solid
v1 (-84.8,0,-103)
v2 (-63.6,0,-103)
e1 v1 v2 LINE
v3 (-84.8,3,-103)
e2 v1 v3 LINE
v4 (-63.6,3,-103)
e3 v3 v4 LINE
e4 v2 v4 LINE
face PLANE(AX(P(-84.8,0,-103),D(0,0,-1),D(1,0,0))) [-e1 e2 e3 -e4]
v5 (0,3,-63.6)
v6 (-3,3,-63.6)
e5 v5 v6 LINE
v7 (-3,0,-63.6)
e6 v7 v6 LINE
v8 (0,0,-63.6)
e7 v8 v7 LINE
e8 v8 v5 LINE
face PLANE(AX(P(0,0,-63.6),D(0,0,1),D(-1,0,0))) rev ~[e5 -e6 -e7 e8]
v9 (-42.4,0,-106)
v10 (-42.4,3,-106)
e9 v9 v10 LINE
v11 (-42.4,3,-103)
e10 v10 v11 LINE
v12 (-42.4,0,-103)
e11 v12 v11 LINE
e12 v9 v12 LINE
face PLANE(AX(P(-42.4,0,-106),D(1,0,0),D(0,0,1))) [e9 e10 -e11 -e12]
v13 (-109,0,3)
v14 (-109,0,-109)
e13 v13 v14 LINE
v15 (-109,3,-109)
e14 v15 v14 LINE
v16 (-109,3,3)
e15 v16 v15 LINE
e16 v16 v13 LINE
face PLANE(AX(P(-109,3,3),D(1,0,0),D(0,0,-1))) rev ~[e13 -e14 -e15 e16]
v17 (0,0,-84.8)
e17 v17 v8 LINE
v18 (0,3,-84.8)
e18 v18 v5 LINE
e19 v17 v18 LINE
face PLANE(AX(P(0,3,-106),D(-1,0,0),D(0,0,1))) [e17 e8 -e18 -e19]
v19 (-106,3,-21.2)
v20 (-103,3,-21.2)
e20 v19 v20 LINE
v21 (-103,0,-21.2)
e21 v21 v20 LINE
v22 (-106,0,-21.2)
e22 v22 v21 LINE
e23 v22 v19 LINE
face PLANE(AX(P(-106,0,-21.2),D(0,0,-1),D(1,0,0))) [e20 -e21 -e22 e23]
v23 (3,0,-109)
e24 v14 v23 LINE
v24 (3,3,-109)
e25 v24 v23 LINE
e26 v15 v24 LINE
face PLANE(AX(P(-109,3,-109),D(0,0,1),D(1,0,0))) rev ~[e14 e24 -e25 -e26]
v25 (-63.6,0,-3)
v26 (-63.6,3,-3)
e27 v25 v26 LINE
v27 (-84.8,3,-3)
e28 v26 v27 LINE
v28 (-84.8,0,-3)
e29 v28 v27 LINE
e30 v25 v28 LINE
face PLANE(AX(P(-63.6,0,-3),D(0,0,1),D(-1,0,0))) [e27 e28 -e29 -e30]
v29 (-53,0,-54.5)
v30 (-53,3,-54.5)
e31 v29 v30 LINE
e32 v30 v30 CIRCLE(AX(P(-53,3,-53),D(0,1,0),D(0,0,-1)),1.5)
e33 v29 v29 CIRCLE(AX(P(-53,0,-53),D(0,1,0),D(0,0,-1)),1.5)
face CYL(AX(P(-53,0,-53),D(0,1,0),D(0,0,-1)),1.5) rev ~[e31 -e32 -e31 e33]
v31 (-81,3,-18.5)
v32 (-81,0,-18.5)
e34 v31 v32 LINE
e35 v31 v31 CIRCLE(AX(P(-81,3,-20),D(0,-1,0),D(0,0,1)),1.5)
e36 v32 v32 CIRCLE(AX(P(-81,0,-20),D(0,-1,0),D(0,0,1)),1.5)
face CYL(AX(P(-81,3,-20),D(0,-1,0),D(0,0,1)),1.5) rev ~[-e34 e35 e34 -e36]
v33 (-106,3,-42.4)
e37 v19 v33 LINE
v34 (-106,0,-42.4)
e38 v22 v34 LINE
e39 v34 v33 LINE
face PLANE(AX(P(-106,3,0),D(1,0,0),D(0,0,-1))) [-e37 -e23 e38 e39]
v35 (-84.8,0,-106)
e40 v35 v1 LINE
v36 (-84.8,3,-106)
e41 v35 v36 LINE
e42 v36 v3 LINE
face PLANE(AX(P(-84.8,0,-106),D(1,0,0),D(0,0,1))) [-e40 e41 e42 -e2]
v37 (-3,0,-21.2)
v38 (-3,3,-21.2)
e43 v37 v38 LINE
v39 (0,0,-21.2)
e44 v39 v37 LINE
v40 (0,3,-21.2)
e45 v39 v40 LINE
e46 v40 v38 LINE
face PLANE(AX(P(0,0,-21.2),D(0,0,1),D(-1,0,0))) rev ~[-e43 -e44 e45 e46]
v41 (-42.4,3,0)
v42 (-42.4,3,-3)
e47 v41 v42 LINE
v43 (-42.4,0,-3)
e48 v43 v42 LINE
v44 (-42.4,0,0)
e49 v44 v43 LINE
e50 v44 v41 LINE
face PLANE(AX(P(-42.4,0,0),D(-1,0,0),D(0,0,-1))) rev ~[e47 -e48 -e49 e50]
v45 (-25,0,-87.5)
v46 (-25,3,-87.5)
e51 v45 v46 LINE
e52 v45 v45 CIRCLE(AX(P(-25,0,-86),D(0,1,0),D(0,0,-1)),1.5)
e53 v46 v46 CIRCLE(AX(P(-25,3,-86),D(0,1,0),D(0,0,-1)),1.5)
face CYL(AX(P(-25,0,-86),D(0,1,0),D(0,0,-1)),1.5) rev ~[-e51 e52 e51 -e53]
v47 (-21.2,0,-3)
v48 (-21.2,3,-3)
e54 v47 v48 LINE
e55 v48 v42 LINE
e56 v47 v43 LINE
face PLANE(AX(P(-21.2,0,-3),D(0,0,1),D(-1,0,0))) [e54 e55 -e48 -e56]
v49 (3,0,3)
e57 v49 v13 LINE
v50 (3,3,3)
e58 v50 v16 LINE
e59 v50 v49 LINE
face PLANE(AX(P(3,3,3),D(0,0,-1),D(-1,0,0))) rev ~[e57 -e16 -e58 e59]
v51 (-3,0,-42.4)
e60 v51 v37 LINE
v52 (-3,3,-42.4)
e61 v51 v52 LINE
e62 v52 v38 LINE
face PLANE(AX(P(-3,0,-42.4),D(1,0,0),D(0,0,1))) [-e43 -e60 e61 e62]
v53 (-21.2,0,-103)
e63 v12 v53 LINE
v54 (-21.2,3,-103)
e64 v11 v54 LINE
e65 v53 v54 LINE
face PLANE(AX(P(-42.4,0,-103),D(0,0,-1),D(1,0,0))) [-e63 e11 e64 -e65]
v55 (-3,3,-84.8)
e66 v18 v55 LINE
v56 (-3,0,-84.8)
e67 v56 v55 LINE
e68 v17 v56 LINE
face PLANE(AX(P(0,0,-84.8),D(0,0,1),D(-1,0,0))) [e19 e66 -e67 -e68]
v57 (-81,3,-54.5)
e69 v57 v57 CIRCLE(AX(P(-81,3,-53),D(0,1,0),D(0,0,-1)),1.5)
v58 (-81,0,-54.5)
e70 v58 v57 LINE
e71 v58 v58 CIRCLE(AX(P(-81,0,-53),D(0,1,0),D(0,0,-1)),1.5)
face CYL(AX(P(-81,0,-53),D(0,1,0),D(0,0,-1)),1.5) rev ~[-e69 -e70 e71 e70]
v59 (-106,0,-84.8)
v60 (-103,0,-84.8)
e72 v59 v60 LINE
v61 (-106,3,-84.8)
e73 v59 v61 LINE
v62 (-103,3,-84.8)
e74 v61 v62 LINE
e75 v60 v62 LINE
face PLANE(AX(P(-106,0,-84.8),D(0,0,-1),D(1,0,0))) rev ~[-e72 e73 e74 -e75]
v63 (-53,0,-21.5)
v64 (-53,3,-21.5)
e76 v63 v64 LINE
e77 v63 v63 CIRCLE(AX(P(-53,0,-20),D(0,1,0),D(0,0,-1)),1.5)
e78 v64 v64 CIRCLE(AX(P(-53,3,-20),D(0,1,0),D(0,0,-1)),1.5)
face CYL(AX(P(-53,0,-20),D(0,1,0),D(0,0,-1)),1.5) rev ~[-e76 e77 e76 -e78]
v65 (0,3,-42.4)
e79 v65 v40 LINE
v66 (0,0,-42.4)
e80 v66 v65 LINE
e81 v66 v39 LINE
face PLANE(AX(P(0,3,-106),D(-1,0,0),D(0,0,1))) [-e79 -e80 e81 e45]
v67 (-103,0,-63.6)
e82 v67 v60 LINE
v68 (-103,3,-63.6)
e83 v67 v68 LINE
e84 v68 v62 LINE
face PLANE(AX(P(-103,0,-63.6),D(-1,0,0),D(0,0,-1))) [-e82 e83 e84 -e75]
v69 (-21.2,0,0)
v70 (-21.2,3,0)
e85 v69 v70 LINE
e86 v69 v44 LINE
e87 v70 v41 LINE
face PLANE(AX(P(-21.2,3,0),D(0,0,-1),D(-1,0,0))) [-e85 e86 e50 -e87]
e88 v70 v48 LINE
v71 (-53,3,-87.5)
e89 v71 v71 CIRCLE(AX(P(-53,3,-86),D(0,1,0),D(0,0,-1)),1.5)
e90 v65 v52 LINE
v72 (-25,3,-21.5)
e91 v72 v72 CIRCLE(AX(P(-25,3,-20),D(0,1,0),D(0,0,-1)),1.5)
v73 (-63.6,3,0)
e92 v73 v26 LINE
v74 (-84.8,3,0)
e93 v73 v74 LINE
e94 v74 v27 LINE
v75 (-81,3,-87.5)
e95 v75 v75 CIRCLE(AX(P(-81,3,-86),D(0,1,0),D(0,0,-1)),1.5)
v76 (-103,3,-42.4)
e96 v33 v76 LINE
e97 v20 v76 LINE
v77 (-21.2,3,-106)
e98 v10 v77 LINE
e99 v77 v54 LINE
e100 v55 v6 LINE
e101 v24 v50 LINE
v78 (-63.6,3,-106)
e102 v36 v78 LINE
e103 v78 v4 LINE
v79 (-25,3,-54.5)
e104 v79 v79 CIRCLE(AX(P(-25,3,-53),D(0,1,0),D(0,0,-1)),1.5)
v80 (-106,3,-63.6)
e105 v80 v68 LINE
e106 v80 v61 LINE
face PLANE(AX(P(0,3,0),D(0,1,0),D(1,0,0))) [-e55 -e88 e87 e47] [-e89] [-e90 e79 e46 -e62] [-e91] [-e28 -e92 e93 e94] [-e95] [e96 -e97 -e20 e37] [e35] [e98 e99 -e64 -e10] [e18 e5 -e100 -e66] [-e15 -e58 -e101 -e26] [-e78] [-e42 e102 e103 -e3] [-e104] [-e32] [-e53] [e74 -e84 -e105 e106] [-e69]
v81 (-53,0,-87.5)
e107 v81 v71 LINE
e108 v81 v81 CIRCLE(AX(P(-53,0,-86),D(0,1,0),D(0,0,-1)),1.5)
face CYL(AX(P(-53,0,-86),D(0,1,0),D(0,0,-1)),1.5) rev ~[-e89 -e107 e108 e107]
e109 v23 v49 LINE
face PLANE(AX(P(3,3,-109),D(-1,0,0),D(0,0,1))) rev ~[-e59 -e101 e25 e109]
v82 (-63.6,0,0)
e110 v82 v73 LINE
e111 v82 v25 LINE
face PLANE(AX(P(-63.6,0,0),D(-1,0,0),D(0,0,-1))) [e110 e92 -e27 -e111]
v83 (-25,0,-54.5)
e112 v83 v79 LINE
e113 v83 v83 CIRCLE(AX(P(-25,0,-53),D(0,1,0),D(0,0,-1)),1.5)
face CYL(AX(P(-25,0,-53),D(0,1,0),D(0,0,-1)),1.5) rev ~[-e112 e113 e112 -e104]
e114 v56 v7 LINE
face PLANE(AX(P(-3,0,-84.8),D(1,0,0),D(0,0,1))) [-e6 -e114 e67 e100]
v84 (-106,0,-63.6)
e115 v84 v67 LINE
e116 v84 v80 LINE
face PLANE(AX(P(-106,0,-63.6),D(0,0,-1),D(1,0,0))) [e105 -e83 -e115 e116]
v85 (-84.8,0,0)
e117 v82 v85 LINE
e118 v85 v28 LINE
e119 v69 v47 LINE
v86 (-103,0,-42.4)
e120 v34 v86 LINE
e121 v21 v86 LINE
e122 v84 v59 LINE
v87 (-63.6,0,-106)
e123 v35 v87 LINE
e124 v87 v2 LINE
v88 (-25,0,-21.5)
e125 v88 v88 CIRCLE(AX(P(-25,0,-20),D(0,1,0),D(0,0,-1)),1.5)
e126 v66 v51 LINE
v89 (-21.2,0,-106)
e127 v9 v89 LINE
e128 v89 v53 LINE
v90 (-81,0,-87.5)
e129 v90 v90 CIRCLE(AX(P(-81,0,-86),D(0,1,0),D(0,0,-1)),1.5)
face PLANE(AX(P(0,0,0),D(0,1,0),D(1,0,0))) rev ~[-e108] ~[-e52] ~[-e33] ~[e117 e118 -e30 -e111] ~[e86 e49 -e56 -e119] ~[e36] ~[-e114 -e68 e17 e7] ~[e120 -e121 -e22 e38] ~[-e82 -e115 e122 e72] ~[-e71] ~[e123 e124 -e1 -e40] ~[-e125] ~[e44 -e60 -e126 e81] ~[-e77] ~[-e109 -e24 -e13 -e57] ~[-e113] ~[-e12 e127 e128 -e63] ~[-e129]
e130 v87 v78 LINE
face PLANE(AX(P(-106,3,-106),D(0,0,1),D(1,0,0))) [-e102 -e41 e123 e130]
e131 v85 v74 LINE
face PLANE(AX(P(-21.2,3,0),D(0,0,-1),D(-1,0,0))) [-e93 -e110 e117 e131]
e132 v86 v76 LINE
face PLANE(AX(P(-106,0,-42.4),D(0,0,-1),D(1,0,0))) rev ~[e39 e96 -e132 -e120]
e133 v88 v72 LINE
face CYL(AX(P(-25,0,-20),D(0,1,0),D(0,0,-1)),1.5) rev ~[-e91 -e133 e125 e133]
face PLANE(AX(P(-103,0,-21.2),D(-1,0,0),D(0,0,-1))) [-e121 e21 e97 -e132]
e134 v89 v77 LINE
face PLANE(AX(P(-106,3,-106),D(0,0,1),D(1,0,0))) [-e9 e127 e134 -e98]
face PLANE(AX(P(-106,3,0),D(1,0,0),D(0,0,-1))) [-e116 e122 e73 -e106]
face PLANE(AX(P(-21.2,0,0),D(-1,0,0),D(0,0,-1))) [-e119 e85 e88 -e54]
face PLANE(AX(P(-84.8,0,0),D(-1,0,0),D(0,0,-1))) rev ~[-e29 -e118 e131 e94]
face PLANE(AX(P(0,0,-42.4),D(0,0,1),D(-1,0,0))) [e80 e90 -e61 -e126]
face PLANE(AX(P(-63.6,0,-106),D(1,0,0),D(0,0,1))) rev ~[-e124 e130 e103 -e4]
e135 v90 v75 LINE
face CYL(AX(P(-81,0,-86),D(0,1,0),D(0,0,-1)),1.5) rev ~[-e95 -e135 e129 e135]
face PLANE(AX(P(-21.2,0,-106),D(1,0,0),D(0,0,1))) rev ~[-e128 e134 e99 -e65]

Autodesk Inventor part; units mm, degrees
ref_plane "YZ Plane" through (0, 0, 0) normal (1, 0, 0) x (0, 1, 0)
ref_plane "XZ Plane" through (0, 0, 0) normal (0, 1, 0) x (-1, 0, 0)
ref_plane "XY Plane" through (0, 0, 0) normal (0, 0, 1) x (1, 0, 0)
sketch "Sketch1" plane through (0, 0, 0) normal (0, 1, 0) x (-1, 0, 0)
  line L0 (21.2, 0) -> (21.2, -3)
  line L1 (42.4, 0) -> (42.4, -3)
  line L2 (63.6, 0) -> (63.6, -3)
  line L3 (84.8, 0) -> (84.8, -3)
  line L4 (84.8, 0) -> (106, 0)
  line L5 (0, 0) -> (21.2, 0)
  line L6 (42.4, 0) -> (63.6, 0)
  line L7 (21.2, -3) -> (42.4, -3)
  line L8 (63.6, -3) -> (84.8, -3)
  line L9 (106, -21.2) -> (103, -21.2)
  line L10 (106, -42.4) -> (103, -42.4)
  line L11 (106, -63.6) -> (103, -63.6)
  line L12 (106, -84.8) -> (103, -84.8)
  line L13 (106, -84.8) -> (106, -106)
  line L14 (103, -21.2) -> (103, -42.4)
  line L15 (103, -63.6) -> (103, -84.8)
  line L16 (106, 0) -> (106, -21.2)
  line L17 (106, -42.4) -> (106, -63.6)
  line L18 (0, -21.2) -> (3, -21.2)
  line L19 (0, -42.4) -> (3, -42.4)
  line L20 (0, -63.6) -> (3, -63.6)
  line L21 (0, -84.8) -> (3, -84.8)
  line L22 (0, -21.2) -> (0, 0)
  line L23 (3, -84.8) -> (3, -63.6)
  line L24 (3, -42.4) -> (3, -21.2)
  line L25 (0, -106) -> (0, -84.8)
  line L26 (0, -63.6) -> (0, -42.4)
  line L27 (21.2, -106) -> (21.2, -103)
  line L28 (42.4, -106) -> (42.4, -103)
  line L29 (63.6, -106) -> (63.6, -103)
  line L30 (84.8, -106) -> (84.8, -103)
  line L31 (21.2, -106) -> (0, -106)
  line L32 (84.8, -103) -> (63.6, -103)
  line L33 (42.4, -103) -> (21.2, -103)
  line L34 (106, -106) -> (84.8, -106)
  line L35 (63.6, -106) -> (42.4, -106)
  dimension "d0" = 106
  dimension "d1" = 106
extrude "Extrusion1" add sketch "Sketch1" along normal blind 3
sketch "Sketch2" plane through (0, 3, 0) normal (0, 1, 0) x (1, 0, 0)
  circle A0 centre (-25, 20) radius 0.5
  circle A1 centre (-53, 20) radius 0.5
  circle A2 centre (-81, 20) radius 0.5
  circle A3 centre (-81, 53) radius 0.5
  circle A4 centre (-81, 86) radius 0.5
  circle A5 centre (-53, 53) radius 0.5
  circle A6 centre (-53, 86) radius 0.5
  circle A7 centre (-25, 53) radius 0.5
  circle A8 centre (-25, 86) radius 0.5
  point P0 (0, 0)
  dimension "d6" = 1
  dimension "d7" = 1
  dimension "d8" = 1
  dimension "d9" = 1
  dimension "d10" = 1
  dimension "d11" = 1
  dimension "d12" = 1
  dimension "d13" = 1
  dimension "d14" = 1
hole "Hole1" at (-81, 3, -20) direction (0, -1, 0) diameter 3 end through all
sketch "Sketch3" plane through (0, 3, 0) normal (0, 1, 0) x (1, 0, 0)
  line L0 (-21.2, 0) -> (0, 0) projected
  line L1 (0, 0) -> (-106, 0)
  line L2 (-106, 0) -> (-106, 106)
  line L3 (-106, 106) -> (0, 106)
  line L4 (0, 106) -> (0, 0)
  line L5 (3, -3) -> (-109, -3)
  line L6 (-109, -3) -> (-109, 109)
  line L7 (-109, 109) -> (3, 109)
  line L8 (3, 109) -> (3, -3)
  dimension "d22" = 112
  dimension "d23" = 112
extrude "Extrusion2" add sketch "Sketch3" against normal blind 3
sketch "Sketch5" plane through (0, 0, 0) normal (0, -1, 0) x (1, 0, 0)
  circle A0 centre (-25, -20) radius 1.5
  point P0 (0, 0)
  dimension "d26" = 3
hole "Hole2" at (-25, 0, -20) direction (0, 1, 0) diameter 3 end through all
sketch "Sketch6" plane through (0, 0, 0) normal (0, -1, 0) x (1, 0, 0)
  circle A0 centre (-25, -53) radius 1.5
  point P0 (0, 0)
  dimension "d34" = 3
hole "Hole3" at (-25, 0, -53) direction (0, 1, 0) diameter 3 end through all
sketch "Sketch7" plane through (0, 0, 0) normal (0, -1, 0) x (1, 0, 0)
  circle A0 centre (-53, -20) radius 1.5
  point P0 (0, 0)
  dimension "d42" = 3
hole "Hole4" at (-53, 0, -20) direction (0, 1, 0) diameter 3 end through all
sketch "Sketch8" plane through (0, 0, 0) normal (0, -1, 0) x (1, 0, 0)
  circle A0 centre (-53, -53) radius 1.5
  point P0 (0, 0)
  dimension "d50" = 3
hole "Hole5" at (-53, 0, -53) direction (0, 1, 0) diameter 3 end through all
sketch "Sketch9" plane through (0, 0, 0) normal (0, -1, 0) x (1, 0, 0)
  circle A0 centre (-25, -86) radius 1.5
  point P0 (0, 0)
  dimension "d58" = 3
hole "Hole6" at (-25, 0, -86) direction (0, 1, 0) diameter 3 end through all
sketch "Sketch10" plane through (0, 0, 0) normal (0, -1, 0) x (1, 0, 0)
  circle A0 centre (-53, -86) radius 1.5
  point P0 (0, 0)
  dimension "d66" = 3
hole "Hole7" at (-53, 0, -86) direction (0, 1, 0) diameter 3 end through all
sketch "Sketch11" plane through (0, 0, 0) normal (0, -1, 0) x (1, 0, 0)
  circle A0 centre (-81, -53) radius 1.5
  point P0 (0, 0)
  dimension "d74" = 3
hole "Hole8" at (-81, 0, -53) direction (0, 1, 0) diameter 3 end through all
sketch "Sketch12" plane through (0, 0, 0) normal (0, -1, 0) x (1, 0, 0)
  circle A0 centre (-81, -86) radius 1.5
  point P0 (0, 0)
  dimension "d82" = 3
hole "Hole9" at (-81, 0, -86) direction (0, 1, 0) diameter 3 end through all
properties part number "Box top" material "PMMA Plastic"
